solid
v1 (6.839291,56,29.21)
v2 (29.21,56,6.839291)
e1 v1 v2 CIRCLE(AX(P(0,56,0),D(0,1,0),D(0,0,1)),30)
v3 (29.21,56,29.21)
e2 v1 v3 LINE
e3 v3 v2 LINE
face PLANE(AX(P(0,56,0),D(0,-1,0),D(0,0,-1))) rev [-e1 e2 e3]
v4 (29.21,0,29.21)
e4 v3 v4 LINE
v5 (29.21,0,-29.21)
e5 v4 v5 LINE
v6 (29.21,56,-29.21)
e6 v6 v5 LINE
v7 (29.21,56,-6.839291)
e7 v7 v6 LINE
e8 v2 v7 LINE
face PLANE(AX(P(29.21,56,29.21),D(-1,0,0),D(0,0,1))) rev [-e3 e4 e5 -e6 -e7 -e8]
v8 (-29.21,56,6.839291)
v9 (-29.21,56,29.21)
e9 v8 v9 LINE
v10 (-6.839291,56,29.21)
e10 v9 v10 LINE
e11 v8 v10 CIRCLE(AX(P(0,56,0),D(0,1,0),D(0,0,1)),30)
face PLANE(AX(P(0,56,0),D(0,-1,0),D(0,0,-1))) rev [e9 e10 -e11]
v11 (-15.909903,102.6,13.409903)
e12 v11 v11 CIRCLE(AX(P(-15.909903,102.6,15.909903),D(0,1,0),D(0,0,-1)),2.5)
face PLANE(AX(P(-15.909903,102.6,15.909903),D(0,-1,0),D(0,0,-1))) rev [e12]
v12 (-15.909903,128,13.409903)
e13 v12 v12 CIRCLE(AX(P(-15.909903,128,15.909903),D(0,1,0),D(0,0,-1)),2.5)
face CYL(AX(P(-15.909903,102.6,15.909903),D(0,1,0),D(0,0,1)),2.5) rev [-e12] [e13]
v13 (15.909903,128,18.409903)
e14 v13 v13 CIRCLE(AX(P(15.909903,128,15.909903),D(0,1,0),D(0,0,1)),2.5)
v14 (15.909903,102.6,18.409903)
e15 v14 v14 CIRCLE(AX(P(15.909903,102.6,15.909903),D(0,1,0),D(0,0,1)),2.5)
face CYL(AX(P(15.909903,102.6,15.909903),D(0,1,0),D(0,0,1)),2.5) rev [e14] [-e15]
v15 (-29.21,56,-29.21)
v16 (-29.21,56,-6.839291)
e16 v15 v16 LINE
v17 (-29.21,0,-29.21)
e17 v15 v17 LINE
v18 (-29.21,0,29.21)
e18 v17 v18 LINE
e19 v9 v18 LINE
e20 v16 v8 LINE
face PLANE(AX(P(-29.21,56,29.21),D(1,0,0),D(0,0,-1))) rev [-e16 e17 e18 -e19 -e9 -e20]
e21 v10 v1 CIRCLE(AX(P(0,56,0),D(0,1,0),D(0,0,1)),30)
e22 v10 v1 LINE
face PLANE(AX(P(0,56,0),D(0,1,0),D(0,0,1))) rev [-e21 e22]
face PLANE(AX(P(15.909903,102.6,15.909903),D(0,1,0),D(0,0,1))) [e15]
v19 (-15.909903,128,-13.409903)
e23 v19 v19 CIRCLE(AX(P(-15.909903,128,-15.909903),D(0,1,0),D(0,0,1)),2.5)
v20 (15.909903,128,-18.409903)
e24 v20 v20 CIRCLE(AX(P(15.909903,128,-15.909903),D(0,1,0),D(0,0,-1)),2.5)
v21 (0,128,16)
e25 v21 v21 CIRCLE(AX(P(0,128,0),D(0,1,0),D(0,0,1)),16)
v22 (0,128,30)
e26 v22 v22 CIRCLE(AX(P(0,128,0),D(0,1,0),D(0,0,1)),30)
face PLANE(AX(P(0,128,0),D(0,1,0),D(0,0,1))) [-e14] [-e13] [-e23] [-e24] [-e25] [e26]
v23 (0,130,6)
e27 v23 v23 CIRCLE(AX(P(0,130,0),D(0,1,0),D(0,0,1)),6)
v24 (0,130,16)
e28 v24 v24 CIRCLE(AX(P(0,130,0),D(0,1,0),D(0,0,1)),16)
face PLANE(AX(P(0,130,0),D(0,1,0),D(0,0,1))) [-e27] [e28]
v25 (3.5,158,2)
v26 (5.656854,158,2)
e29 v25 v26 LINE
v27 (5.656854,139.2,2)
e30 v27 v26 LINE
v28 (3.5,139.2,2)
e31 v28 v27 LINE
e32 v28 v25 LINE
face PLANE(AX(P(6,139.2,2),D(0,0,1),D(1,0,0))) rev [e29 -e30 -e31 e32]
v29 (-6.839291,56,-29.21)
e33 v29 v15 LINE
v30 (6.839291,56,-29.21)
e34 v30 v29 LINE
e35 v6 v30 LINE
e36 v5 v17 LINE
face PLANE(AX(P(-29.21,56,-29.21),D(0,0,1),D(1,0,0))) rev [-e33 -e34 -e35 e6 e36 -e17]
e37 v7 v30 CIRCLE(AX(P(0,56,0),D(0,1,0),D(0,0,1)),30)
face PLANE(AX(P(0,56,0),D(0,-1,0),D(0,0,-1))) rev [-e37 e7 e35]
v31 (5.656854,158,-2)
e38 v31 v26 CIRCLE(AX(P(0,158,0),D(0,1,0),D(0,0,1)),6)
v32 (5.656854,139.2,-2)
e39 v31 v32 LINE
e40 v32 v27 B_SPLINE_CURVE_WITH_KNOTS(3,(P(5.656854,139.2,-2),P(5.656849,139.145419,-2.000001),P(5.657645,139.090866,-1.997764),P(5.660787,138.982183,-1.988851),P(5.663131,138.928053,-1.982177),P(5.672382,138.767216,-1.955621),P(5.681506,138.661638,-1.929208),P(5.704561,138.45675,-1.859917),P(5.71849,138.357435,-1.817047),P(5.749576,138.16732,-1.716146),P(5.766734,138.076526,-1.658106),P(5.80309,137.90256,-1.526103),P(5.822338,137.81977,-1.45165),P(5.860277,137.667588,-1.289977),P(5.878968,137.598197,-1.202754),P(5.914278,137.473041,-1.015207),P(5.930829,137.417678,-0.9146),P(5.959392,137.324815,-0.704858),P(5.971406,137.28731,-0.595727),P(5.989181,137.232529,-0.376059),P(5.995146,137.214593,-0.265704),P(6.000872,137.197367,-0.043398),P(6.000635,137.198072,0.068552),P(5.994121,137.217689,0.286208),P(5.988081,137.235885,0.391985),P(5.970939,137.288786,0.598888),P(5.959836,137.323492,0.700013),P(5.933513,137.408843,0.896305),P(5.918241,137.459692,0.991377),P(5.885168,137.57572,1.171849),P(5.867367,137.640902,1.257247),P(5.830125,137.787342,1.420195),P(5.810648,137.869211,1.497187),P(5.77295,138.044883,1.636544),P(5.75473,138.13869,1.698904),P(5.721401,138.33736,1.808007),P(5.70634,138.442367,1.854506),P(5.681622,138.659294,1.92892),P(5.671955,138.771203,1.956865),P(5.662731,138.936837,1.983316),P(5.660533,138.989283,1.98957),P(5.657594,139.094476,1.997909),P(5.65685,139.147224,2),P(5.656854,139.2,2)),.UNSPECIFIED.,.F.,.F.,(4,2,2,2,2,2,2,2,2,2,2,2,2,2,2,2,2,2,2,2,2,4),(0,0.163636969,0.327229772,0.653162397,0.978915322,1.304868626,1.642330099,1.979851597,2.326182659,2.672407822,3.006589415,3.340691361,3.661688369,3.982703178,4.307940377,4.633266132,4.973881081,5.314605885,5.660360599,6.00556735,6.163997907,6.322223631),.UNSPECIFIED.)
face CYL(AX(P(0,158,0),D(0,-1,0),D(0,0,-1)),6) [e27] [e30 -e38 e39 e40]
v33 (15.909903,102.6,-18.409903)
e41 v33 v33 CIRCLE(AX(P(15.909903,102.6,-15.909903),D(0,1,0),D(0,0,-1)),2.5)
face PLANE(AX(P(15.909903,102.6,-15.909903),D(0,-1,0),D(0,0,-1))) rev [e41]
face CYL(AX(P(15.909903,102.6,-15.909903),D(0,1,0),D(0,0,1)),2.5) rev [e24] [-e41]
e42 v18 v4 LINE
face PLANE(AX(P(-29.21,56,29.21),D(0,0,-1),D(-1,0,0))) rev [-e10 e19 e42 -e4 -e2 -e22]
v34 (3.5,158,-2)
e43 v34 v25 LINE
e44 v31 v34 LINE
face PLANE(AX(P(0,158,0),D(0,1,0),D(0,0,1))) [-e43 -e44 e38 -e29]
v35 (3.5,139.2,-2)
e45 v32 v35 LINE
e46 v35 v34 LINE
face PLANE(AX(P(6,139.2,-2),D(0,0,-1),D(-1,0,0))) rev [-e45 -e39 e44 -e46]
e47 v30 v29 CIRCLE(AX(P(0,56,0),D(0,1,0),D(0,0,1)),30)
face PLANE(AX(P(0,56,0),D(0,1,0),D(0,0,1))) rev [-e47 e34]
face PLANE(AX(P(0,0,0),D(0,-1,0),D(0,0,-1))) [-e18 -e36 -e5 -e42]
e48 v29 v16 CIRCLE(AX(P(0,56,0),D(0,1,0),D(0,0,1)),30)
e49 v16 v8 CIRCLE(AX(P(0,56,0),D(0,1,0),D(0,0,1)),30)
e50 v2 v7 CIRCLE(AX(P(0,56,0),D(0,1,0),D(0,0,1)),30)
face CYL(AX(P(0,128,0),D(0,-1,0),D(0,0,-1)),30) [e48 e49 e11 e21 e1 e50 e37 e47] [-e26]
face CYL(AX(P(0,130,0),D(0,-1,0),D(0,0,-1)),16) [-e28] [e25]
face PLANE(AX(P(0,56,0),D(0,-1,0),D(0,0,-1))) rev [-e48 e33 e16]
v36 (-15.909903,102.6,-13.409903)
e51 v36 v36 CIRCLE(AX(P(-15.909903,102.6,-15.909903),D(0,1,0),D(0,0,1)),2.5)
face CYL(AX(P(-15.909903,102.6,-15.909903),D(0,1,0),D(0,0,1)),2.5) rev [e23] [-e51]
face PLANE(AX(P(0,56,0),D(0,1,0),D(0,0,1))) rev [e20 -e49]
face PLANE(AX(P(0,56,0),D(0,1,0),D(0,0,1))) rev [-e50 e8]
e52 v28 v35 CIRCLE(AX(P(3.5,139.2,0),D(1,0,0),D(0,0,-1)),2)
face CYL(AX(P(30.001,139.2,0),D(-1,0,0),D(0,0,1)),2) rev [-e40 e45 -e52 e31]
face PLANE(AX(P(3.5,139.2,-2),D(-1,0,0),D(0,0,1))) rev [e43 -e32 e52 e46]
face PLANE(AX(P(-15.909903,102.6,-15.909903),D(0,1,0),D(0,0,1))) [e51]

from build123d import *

# Parameters (mm, degrees)
SKETCH1_W           = 58.42
SKETCH1_H           = 58.42
BOSS_EXTRUDE1_DEPTH = 56
SKETCH2_R           = 30
BOSS_EXTRUDE2_DEPTH = 72
SKETCH3_R           = 6
BOSS_EXTRUDE3_DEPTH = 30
SKETCH4_R           = 2.5
CUT_EXTRUDE1_DEPTH  = 25.4
SKETCH5_W           = 2.5
SKETCH5_H           = 4
CUT_EXTRUDE2_DEPTH  = 18.8
SKETCH6_R           = 16
BOSS_EXTRUDE4_DEPTH = 2
CUT_EXTRUDE3_REACH  = 28.5


with BuildPart() as part:
    # Sketch1 → Boss-Extrude1 (new body)
    with BuildSketch(Plane(origin=(0, 0, 0), x_dir=(1, 0, 0), z_dir=(0, 1, 0))):
        Rectangle(SKETCH1_W, SKETCH1_H)
    extrude(amount=BOSS_EXTRUDE1_DEPTH)

    # Sketch2 → Boss-Extrude2 (add)
    with BuildSketch(Plane(origin=(0, 56, 0), x_dir=(1, 0, 0), z_dir=(0, 1, 0))):
        Circle(SKETCH2_R)
    extrude(amount=BOSS_EXTRUDE2_DEPTH)

    # Sketch3 → Boss-Extrude3 (add)
    with BuildSketch(Plane(origin=(0, 128, 0), x_dir=(1, 0, 0), z_dir=(0, 1, 0))):
        Circle(SKETCH3_R)
    extrude(amount=BOSS_EXTRUDE3_DEPTH)

    # Sketch4 → Cut-Extrude1 (cut)
    with BuildSketch(Plane(origin=(0, 128, 0), x_dir=(1, 0, 0), z_dir=(0, 1, 0))):
        with Locations((-15.909902577, 15.909902577)):
            Circle(SKETCH4_R)
        with Locations((15.909902577, 15.909902577)):
            Circle(SKETCH4_R)
        with Locations((15.909902577, -15.909902577)):
            Circle(SKETCH4_R)
        with Locations((-15.909902577, -15.909902577)):
            Circle(SKETCH4_R)
    extrude(amount=-CUT_EXTRUDE1_DEPTH, mode=Mode.SUBTRACT)

    # Sketch5 → Cut-Extrude2 (cut)
    with BuildSketch(Plane(origin=(0, 158, 0), x_dir=(1, 0, 0), z_dir=(0, 1, 0))):
        with Locations((4.75, 0)):
            Rectangle(SKETCH5_W, SKETCH5_H)
    extrude(amount=-CUT_EXTRUDE2_DEPTH, mode=Mode.SUBTRACT)

    # Sketch6 → Boss-Extrude4 (add)
    with BuildSketch(Plane(origin=(0, 128, 0), x_dir=(1, 0, 0), z_dir=(0, 1, 0))):
        Circle(SKETCH6_R)
    extrude(amount=BOSS_EXTRUDE4_DEPTH)

    # Sketch7 → Cut-Extrude3 (cut, up to next)
    with BuildSketch(Plane(origin=(3.5, 0, 0), x_dir=(0, 0, -1), z_dir=(1, 0, 0)), mode=Mode.PRIVATE) as cut_extrude3_sk1:
        with BuildLine():
            Line((2, 139.2), (-2, 139.2))
            ThreePointArc((-2, 139.2), (0, 137.2), (2, 139.2))
        make_face()
    cut_extrude3_tool1 = extrude(cut_extrude3_sk1.sketch, amount=CUT_EXTRUDE3_REACH, mode=Mode.PRIVATE) & part.part
    add(cut_extrude3_tool1.solids().sort_by_distance((3.5, 138.351174, 0))[0], mode=Mode.SUBTRACT)


solid = part.part
